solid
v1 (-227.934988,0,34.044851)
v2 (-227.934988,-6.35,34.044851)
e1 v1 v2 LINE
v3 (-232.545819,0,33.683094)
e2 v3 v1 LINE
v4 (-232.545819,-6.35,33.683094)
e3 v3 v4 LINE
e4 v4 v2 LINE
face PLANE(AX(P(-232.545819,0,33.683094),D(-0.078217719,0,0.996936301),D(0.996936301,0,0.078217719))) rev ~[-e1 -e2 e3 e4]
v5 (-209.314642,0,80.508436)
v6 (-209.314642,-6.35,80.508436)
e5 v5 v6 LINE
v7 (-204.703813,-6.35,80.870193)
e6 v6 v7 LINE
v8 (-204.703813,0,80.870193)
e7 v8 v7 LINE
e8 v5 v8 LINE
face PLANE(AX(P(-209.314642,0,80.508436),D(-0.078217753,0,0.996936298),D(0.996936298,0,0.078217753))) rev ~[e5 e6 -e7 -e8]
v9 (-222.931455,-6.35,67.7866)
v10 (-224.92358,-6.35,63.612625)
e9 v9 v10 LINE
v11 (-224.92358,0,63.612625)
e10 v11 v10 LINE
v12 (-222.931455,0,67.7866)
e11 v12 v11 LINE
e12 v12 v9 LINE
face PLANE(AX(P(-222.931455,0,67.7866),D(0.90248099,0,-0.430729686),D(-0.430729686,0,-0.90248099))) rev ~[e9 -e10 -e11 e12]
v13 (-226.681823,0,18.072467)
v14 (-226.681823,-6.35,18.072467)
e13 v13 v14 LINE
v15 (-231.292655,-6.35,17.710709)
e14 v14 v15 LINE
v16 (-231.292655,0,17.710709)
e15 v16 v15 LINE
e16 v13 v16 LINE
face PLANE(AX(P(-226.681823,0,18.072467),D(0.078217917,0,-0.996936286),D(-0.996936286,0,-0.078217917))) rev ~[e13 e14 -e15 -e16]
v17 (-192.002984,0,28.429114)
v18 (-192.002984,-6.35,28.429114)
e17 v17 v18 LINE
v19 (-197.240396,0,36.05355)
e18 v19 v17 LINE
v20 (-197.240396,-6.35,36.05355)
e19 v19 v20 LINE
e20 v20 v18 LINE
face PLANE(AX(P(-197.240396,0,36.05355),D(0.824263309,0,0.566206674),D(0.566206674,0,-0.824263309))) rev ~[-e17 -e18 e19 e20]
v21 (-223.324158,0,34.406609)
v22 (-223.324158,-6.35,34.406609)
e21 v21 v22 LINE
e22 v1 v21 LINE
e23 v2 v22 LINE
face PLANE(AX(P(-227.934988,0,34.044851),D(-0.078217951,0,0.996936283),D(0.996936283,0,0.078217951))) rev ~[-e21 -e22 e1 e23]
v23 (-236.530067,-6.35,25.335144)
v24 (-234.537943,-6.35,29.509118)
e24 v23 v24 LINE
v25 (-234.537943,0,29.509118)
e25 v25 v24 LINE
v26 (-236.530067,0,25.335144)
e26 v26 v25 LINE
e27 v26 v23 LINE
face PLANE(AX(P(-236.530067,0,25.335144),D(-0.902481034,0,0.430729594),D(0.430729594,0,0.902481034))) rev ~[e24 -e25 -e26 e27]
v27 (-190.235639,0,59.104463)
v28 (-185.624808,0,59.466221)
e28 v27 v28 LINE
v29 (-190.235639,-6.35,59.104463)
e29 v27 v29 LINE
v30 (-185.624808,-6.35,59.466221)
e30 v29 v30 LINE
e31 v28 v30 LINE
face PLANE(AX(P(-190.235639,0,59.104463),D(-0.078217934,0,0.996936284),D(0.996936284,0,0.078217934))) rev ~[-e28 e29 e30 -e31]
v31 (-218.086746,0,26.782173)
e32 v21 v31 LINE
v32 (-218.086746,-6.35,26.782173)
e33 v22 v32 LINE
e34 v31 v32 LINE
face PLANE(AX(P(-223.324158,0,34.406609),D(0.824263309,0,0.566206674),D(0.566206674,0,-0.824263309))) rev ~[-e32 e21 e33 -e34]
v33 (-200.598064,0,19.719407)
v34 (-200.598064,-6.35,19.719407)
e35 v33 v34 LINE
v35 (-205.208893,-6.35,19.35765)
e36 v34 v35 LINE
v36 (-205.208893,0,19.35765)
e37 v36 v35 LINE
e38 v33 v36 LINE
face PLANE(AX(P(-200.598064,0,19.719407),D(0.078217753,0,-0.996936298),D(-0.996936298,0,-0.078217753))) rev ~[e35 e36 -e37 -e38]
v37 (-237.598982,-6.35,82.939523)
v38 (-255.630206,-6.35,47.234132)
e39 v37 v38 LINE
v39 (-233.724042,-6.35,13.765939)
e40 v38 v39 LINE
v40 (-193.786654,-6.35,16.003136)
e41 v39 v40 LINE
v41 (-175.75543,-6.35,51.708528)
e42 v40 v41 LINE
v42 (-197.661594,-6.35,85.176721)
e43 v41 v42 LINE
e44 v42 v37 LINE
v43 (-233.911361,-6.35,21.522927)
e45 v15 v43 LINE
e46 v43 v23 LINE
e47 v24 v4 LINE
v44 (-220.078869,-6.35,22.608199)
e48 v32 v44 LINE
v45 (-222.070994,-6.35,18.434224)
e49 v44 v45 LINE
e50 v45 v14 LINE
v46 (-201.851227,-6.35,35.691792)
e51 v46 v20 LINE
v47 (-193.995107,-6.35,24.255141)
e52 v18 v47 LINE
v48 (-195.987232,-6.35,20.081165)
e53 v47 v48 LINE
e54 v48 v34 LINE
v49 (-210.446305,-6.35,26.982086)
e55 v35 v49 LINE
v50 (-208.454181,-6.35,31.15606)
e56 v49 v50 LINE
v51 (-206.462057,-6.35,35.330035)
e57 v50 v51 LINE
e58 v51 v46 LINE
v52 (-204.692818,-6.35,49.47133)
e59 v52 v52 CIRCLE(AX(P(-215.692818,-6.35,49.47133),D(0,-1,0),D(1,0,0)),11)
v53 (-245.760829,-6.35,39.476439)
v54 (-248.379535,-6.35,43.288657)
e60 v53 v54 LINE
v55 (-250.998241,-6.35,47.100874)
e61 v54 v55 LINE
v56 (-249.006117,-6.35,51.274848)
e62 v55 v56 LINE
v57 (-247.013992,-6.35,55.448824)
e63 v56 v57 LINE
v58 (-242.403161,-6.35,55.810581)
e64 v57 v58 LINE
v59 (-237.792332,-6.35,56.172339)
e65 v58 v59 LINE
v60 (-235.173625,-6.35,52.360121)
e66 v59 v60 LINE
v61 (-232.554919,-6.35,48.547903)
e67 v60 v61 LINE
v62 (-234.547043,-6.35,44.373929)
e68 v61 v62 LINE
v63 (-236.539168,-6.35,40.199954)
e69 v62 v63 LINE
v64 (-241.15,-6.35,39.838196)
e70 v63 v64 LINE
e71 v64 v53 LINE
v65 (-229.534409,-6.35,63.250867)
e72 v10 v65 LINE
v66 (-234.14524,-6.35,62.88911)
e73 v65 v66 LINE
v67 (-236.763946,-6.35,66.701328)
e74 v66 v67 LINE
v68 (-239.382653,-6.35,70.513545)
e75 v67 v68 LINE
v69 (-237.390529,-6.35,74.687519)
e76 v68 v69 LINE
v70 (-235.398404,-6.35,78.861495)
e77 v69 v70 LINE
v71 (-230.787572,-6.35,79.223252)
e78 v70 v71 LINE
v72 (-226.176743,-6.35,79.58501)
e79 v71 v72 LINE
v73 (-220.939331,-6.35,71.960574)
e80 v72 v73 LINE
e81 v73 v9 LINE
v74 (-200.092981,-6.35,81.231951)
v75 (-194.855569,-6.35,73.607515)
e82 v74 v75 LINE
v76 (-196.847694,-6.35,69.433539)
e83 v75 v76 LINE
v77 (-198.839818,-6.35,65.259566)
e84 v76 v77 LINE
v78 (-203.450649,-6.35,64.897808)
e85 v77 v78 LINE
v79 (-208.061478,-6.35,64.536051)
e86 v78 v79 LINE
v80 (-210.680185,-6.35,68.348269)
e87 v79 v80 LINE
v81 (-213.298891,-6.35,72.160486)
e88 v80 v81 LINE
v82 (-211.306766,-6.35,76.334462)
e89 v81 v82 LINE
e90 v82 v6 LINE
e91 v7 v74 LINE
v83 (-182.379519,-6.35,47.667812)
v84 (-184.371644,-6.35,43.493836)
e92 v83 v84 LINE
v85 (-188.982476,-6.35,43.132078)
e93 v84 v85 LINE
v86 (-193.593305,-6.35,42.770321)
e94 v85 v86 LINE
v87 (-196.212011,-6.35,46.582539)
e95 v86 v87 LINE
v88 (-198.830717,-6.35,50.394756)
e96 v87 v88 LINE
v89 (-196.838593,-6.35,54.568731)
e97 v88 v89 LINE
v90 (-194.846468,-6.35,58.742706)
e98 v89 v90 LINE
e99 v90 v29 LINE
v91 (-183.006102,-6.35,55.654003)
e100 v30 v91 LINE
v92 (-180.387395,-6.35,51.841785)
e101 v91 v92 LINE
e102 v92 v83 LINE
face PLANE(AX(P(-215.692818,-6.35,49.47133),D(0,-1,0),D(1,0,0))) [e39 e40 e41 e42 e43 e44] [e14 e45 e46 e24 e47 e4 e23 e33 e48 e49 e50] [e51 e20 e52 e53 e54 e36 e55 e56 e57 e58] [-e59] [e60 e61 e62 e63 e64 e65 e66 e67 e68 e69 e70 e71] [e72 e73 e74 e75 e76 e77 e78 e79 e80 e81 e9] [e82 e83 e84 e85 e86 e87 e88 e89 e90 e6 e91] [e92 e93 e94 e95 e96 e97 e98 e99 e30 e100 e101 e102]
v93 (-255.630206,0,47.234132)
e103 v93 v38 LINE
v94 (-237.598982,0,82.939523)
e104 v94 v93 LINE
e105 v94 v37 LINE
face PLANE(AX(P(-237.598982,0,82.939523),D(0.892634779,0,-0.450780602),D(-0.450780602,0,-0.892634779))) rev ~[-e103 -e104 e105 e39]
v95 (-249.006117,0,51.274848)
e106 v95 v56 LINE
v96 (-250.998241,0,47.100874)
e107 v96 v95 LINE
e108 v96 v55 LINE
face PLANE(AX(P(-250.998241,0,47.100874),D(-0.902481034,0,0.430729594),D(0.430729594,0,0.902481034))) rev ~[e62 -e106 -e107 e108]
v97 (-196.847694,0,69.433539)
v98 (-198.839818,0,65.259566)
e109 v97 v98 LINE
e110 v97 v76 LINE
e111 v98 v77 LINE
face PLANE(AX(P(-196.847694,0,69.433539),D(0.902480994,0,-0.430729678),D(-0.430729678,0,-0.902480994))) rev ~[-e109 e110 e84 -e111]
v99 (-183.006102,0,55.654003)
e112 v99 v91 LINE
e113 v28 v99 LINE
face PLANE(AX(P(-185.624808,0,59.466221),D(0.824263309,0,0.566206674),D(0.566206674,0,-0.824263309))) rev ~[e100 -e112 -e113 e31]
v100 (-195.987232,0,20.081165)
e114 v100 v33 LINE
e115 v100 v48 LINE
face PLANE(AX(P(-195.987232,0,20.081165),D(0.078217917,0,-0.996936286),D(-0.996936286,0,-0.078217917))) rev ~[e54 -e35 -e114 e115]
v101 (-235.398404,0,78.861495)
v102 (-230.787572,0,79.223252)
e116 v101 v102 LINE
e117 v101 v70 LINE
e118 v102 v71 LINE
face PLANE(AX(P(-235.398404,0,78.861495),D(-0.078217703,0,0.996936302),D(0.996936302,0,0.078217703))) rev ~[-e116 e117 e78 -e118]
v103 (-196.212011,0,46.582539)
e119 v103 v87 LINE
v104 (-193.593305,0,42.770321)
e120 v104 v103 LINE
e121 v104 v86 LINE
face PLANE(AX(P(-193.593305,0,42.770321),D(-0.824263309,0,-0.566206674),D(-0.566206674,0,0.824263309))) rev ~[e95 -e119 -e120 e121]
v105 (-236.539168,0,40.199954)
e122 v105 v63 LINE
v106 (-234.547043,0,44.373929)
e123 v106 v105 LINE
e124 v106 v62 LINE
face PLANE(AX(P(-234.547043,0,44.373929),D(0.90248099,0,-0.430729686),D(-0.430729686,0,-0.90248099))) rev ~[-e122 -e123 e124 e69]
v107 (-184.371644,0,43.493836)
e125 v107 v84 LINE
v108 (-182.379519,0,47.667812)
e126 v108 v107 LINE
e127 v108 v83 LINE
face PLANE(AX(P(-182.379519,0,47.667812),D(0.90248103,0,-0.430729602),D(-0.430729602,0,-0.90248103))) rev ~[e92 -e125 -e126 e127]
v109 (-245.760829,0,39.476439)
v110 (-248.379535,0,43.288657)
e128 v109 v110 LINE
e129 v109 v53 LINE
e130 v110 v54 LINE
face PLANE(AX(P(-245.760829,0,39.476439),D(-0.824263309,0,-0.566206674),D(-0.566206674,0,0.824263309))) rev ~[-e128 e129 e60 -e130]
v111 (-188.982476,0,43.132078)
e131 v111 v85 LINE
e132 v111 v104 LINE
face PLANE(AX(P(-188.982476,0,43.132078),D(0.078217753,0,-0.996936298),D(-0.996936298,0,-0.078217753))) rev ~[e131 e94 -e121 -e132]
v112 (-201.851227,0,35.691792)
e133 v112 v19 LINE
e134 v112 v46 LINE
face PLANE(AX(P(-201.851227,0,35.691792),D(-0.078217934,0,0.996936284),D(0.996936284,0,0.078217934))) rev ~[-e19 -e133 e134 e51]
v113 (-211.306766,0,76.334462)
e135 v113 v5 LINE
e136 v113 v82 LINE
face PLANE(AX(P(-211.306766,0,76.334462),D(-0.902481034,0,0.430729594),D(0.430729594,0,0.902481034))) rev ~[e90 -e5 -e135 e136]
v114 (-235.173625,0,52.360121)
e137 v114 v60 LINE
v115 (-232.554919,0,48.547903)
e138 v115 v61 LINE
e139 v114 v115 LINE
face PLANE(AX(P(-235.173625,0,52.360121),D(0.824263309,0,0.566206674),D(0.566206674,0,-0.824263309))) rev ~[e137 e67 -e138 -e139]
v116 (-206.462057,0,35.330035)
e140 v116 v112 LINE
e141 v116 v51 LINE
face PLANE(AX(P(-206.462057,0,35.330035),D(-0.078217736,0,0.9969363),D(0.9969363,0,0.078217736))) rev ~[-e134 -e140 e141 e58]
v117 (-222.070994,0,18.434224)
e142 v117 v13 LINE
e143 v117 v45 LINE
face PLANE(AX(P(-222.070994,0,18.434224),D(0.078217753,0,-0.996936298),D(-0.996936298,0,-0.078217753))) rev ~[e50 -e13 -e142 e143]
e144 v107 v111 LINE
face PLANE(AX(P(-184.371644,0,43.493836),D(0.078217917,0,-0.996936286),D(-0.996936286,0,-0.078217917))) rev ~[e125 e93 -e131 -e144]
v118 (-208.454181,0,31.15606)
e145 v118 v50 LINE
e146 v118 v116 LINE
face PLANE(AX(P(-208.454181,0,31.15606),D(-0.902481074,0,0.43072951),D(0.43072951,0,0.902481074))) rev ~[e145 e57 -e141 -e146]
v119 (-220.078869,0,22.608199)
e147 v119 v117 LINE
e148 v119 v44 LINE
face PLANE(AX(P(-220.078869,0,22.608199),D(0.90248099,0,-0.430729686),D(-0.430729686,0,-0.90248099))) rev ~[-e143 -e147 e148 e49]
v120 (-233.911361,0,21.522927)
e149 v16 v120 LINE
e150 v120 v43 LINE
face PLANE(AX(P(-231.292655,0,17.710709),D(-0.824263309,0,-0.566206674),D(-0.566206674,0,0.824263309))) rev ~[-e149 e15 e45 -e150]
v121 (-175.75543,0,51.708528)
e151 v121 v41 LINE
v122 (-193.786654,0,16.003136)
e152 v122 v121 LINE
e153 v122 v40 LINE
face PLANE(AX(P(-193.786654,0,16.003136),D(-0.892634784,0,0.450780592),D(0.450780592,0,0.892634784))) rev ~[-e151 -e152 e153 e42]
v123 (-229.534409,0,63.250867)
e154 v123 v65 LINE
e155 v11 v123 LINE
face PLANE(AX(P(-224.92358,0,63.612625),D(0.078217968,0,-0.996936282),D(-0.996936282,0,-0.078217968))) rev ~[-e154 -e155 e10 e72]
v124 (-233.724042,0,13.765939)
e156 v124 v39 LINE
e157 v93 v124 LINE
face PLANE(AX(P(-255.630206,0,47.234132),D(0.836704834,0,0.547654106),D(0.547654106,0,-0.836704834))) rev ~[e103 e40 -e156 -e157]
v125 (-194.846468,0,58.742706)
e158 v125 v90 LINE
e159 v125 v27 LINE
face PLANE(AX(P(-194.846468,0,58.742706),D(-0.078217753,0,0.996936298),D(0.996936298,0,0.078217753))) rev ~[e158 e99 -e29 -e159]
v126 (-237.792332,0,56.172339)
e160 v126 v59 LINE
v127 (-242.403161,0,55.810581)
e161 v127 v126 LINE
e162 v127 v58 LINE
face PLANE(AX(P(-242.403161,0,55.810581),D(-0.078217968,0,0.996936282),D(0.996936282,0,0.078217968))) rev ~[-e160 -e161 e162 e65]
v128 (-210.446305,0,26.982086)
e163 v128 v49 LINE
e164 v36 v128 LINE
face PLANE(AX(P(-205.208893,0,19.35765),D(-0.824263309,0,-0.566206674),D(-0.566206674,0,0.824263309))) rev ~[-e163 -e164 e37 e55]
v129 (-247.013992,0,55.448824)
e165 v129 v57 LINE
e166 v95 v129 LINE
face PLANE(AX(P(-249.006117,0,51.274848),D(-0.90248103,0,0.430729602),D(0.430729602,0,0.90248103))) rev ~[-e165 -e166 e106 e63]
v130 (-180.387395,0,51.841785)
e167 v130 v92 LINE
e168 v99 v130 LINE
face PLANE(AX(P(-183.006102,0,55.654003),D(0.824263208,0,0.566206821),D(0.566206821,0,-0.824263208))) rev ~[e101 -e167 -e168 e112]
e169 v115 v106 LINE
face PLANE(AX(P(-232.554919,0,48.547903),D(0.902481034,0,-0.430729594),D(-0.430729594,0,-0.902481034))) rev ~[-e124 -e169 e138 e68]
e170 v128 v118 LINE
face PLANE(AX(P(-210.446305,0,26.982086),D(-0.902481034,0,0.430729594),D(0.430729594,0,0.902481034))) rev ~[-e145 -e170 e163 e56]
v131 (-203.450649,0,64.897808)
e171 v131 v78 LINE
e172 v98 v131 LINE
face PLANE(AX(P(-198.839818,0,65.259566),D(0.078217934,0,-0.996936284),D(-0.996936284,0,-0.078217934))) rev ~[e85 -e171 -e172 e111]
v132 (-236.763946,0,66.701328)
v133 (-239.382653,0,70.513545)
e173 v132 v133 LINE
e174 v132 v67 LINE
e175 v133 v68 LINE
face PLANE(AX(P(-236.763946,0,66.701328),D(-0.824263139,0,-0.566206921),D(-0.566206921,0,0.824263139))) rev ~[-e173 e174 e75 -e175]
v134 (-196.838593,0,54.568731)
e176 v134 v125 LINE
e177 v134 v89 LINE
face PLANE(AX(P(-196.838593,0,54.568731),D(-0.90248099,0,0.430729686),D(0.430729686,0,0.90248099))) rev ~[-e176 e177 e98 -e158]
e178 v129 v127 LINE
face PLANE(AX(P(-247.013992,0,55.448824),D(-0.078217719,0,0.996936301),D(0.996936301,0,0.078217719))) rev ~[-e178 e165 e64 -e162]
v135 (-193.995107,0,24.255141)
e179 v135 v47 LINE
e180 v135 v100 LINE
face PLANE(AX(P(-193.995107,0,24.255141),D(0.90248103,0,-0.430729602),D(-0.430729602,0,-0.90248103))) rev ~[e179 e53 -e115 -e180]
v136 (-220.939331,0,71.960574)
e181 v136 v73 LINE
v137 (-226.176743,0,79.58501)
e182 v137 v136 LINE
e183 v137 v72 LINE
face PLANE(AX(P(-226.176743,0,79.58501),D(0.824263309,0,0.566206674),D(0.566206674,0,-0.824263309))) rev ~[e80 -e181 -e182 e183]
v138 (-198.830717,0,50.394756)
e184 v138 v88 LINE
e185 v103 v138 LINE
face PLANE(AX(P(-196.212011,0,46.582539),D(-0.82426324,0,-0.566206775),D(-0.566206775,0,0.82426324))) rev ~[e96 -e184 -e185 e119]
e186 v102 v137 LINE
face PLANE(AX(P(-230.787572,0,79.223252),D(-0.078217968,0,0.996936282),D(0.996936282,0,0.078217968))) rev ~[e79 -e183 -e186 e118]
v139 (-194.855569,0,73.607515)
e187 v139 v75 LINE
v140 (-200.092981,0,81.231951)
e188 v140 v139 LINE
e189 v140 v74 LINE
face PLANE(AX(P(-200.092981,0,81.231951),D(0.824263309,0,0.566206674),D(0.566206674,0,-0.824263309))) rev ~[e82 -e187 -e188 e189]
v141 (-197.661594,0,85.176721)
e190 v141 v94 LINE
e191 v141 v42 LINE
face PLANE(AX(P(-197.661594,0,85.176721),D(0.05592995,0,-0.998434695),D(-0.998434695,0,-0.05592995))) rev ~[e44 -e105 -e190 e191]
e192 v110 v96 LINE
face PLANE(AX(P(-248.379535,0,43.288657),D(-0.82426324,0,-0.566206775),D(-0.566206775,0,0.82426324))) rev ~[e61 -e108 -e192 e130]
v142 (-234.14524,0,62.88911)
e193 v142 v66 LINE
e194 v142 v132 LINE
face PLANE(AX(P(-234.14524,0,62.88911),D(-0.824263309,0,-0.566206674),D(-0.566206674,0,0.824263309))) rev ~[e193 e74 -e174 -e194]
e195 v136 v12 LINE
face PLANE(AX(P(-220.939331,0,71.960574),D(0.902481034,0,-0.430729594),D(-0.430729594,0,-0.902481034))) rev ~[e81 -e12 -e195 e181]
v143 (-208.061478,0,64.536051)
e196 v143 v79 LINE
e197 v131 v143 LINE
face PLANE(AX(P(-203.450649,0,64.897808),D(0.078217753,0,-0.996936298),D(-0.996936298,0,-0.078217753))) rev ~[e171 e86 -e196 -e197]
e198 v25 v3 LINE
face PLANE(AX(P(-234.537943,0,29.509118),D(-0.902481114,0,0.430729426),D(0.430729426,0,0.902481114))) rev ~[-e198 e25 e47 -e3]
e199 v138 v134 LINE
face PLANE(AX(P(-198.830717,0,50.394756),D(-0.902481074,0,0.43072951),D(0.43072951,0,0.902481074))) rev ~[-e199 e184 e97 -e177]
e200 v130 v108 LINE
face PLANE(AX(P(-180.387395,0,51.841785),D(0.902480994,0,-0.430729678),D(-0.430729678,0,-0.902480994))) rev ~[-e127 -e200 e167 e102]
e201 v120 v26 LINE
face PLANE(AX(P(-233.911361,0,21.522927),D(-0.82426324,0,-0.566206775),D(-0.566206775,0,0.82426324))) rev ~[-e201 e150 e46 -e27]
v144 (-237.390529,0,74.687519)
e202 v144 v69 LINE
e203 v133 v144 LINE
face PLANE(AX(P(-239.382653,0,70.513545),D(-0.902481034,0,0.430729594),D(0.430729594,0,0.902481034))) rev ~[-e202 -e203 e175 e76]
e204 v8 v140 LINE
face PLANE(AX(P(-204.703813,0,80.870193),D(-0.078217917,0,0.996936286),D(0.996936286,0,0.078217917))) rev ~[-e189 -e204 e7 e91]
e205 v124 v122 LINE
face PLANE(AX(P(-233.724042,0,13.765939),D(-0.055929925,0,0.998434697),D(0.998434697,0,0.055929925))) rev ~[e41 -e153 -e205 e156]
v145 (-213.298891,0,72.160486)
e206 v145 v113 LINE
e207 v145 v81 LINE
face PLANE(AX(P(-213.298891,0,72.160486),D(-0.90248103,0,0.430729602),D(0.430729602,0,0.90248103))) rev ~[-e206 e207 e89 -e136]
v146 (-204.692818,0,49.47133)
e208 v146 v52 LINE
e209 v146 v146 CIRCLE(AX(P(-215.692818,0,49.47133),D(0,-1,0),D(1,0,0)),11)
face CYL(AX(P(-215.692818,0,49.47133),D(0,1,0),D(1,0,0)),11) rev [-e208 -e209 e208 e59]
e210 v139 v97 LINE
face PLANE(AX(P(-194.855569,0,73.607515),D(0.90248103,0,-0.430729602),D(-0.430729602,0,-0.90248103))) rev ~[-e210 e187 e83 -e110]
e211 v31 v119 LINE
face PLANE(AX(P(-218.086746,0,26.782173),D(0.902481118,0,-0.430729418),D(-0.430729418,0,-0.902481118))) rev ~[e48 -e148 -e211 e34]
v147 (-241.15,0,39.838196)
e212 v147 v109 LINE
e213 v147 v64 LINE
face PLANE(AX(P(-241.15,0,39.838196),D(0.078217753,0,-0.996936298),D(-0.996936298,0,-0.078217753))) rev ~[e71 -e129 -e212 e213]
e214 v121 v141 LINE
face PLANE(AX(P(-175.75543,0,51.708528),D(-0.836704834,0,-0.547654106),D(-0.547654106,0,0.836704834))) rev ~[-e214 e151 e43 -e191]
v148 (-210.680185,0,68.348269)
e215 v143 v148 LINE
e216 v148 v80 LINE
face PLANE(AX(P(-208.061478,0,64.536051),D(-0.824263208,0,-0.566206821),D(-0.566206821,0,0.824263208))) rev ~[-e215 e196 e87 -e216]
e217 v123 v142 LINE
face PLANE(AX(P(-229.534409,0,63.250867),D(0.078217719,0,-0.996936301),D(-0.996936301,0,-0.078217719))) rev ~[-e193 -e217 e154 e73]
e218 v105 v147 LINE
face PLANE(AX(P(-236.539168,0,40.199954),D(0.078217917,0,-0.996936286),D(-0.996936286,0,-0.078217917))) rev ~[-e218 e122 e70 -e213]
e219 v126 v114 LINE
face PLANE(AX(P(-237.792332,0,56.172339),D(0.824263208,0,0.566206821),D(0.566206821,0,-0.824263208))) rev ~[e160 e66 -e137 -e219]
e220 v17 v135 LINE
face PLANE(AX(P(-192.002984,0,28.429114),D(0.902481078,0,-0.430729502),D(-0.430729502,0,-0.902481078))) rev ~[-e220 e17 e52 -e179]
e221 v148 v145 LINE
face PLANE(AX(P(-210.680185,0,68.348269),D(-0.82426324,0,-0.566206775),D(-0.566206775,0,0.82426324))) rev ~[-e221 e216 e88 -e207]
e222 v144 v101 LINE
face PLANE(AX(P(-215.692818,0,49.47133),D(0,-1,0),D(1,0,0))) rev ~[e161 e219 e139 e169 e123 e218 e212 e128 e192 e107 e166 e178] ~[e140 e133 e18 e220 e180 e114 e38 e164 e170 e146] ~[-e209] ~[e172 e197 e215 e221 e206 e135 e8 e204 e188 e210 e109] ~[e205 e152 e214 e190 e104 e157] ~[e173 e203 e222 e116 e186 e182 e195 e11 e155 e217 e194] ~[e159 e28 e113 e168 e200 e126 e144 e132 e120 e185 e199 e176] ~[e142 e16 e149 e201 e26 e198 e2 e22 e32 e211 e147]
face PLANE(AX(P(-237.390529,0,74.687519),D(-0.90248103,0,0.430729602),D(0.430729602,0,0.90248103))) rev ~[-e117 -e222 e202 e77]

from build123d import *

# Parameters (mm, degrees)
F0_R     = 11
F1_DEPTH = 6.35


with BuildPart() as f1:
    # F0 (on Front) → F1 (new body)
    with BuildSketch(Plane.XZ):
        Polygon((-193.786654, 16.003136), (-175.75543, 51.708528), (-197.661594, 85.176721), (-237.598982, 82.939523), (-255.630206, 47.234132), (-233.724042, 13.765939), align=None)
        Polygon((-223.324158, 34.406609), (-220.705452, 30.594391), (-218.086746, 26.782173), (-220.078869, 22.608199), (-222.070994, 18.434224), (-226.681823, 18.072467), (-231.292655, 17.710709), (-233.911361, 21.522927), (-236.530067, 25.335144), (-234.537943, 29.509118), (-232.545819, 33.683094), (-227.934988, 34.044851), align=None, mode=Mode.SUBTRACT)
        Polygon((-248.379535, 43.288657), (-250.998241, 47.100874), (-249.006117, 51.274848), (-247.013992, 55.448824), (-242.403161, 55.810581), (-237.792332, 56.172339), (-235.173625, 52.360121), (-232.554919, 48.547903), (-234.547043, 44.373929), (-236.539168, 40.199954), (-241.15, 39.838196), (-245.760829, 39.476439), align=None, mode=Mode.SUBTRACT)
        Polygon((-193.995107, 24.255141), (-195.987232, 20.081165), (-200.598064, 19.719407), (-205.208893, 19.35765), (-207.827599, 23.169868), (-210.446305, 26.982086), (-208.454181, 31.15606), (-206.462057, 35.330035), (-201.851227, 35.691792), (-197.240396, 36.05355), (-194.62169, 32.241332), (-192.002984, 28.429114), align=None, mode=Mode.SUBTRACT)
        Polygon((-237.390529, 74.687519), (-235.398404, 78.861495), (-230.787572, 79.223252), (-226.176743, 79.58501), (-223.558037, 75.772792), (-220.939331, 71.960574), (-222.931455, 67.7866), (-224.92358, 63.612625), (-229.534409, 63.250867), (-234.14524, 62.88911), (-236.763946, 66.701328), (-239.382653, 70.513545), align=None, mode=Mode.SUBTRACT)
        with Locations((-215.692818, 49.47133)):
            Circle(F0_R, mode=Mode.SUBTRACT)
        Polygon((-183.006102, 55.654003), (-180.387395, 51.841785), (-182.379519, 47.667812), (-184.371644, 43.493836), (-188.982476, 43.132078), (-193.593305, 42.770321), (-196.212011, 46.582539), (-198.830717, 50.394756), (-196.838593, 54.568731), (-194.846468, 58.742706), (-190.235639, 59.104463), (-185.624808, 59.466221), align=None, mode=Mode.SUBTRACT)
        Polygon((-204.703813, 80.870193), (-200.092981, 81.231951), (-197.474275, 77.419733), (-194.855569, 73.607515), (-196.847694, 69.433539), (-198.839818, 65.259566), (-203.450649, 64.897808), (-208.061478, 64.536051), (-210.680185, 68.348269), (-213.298891, 72.160486), (-211.306766, 76.334462), (-209.314642, 80.508436), align=None, mode=Mode.SUBTRACT)
    extrude(amount=F1_DEPTH)


solid = f1.part
